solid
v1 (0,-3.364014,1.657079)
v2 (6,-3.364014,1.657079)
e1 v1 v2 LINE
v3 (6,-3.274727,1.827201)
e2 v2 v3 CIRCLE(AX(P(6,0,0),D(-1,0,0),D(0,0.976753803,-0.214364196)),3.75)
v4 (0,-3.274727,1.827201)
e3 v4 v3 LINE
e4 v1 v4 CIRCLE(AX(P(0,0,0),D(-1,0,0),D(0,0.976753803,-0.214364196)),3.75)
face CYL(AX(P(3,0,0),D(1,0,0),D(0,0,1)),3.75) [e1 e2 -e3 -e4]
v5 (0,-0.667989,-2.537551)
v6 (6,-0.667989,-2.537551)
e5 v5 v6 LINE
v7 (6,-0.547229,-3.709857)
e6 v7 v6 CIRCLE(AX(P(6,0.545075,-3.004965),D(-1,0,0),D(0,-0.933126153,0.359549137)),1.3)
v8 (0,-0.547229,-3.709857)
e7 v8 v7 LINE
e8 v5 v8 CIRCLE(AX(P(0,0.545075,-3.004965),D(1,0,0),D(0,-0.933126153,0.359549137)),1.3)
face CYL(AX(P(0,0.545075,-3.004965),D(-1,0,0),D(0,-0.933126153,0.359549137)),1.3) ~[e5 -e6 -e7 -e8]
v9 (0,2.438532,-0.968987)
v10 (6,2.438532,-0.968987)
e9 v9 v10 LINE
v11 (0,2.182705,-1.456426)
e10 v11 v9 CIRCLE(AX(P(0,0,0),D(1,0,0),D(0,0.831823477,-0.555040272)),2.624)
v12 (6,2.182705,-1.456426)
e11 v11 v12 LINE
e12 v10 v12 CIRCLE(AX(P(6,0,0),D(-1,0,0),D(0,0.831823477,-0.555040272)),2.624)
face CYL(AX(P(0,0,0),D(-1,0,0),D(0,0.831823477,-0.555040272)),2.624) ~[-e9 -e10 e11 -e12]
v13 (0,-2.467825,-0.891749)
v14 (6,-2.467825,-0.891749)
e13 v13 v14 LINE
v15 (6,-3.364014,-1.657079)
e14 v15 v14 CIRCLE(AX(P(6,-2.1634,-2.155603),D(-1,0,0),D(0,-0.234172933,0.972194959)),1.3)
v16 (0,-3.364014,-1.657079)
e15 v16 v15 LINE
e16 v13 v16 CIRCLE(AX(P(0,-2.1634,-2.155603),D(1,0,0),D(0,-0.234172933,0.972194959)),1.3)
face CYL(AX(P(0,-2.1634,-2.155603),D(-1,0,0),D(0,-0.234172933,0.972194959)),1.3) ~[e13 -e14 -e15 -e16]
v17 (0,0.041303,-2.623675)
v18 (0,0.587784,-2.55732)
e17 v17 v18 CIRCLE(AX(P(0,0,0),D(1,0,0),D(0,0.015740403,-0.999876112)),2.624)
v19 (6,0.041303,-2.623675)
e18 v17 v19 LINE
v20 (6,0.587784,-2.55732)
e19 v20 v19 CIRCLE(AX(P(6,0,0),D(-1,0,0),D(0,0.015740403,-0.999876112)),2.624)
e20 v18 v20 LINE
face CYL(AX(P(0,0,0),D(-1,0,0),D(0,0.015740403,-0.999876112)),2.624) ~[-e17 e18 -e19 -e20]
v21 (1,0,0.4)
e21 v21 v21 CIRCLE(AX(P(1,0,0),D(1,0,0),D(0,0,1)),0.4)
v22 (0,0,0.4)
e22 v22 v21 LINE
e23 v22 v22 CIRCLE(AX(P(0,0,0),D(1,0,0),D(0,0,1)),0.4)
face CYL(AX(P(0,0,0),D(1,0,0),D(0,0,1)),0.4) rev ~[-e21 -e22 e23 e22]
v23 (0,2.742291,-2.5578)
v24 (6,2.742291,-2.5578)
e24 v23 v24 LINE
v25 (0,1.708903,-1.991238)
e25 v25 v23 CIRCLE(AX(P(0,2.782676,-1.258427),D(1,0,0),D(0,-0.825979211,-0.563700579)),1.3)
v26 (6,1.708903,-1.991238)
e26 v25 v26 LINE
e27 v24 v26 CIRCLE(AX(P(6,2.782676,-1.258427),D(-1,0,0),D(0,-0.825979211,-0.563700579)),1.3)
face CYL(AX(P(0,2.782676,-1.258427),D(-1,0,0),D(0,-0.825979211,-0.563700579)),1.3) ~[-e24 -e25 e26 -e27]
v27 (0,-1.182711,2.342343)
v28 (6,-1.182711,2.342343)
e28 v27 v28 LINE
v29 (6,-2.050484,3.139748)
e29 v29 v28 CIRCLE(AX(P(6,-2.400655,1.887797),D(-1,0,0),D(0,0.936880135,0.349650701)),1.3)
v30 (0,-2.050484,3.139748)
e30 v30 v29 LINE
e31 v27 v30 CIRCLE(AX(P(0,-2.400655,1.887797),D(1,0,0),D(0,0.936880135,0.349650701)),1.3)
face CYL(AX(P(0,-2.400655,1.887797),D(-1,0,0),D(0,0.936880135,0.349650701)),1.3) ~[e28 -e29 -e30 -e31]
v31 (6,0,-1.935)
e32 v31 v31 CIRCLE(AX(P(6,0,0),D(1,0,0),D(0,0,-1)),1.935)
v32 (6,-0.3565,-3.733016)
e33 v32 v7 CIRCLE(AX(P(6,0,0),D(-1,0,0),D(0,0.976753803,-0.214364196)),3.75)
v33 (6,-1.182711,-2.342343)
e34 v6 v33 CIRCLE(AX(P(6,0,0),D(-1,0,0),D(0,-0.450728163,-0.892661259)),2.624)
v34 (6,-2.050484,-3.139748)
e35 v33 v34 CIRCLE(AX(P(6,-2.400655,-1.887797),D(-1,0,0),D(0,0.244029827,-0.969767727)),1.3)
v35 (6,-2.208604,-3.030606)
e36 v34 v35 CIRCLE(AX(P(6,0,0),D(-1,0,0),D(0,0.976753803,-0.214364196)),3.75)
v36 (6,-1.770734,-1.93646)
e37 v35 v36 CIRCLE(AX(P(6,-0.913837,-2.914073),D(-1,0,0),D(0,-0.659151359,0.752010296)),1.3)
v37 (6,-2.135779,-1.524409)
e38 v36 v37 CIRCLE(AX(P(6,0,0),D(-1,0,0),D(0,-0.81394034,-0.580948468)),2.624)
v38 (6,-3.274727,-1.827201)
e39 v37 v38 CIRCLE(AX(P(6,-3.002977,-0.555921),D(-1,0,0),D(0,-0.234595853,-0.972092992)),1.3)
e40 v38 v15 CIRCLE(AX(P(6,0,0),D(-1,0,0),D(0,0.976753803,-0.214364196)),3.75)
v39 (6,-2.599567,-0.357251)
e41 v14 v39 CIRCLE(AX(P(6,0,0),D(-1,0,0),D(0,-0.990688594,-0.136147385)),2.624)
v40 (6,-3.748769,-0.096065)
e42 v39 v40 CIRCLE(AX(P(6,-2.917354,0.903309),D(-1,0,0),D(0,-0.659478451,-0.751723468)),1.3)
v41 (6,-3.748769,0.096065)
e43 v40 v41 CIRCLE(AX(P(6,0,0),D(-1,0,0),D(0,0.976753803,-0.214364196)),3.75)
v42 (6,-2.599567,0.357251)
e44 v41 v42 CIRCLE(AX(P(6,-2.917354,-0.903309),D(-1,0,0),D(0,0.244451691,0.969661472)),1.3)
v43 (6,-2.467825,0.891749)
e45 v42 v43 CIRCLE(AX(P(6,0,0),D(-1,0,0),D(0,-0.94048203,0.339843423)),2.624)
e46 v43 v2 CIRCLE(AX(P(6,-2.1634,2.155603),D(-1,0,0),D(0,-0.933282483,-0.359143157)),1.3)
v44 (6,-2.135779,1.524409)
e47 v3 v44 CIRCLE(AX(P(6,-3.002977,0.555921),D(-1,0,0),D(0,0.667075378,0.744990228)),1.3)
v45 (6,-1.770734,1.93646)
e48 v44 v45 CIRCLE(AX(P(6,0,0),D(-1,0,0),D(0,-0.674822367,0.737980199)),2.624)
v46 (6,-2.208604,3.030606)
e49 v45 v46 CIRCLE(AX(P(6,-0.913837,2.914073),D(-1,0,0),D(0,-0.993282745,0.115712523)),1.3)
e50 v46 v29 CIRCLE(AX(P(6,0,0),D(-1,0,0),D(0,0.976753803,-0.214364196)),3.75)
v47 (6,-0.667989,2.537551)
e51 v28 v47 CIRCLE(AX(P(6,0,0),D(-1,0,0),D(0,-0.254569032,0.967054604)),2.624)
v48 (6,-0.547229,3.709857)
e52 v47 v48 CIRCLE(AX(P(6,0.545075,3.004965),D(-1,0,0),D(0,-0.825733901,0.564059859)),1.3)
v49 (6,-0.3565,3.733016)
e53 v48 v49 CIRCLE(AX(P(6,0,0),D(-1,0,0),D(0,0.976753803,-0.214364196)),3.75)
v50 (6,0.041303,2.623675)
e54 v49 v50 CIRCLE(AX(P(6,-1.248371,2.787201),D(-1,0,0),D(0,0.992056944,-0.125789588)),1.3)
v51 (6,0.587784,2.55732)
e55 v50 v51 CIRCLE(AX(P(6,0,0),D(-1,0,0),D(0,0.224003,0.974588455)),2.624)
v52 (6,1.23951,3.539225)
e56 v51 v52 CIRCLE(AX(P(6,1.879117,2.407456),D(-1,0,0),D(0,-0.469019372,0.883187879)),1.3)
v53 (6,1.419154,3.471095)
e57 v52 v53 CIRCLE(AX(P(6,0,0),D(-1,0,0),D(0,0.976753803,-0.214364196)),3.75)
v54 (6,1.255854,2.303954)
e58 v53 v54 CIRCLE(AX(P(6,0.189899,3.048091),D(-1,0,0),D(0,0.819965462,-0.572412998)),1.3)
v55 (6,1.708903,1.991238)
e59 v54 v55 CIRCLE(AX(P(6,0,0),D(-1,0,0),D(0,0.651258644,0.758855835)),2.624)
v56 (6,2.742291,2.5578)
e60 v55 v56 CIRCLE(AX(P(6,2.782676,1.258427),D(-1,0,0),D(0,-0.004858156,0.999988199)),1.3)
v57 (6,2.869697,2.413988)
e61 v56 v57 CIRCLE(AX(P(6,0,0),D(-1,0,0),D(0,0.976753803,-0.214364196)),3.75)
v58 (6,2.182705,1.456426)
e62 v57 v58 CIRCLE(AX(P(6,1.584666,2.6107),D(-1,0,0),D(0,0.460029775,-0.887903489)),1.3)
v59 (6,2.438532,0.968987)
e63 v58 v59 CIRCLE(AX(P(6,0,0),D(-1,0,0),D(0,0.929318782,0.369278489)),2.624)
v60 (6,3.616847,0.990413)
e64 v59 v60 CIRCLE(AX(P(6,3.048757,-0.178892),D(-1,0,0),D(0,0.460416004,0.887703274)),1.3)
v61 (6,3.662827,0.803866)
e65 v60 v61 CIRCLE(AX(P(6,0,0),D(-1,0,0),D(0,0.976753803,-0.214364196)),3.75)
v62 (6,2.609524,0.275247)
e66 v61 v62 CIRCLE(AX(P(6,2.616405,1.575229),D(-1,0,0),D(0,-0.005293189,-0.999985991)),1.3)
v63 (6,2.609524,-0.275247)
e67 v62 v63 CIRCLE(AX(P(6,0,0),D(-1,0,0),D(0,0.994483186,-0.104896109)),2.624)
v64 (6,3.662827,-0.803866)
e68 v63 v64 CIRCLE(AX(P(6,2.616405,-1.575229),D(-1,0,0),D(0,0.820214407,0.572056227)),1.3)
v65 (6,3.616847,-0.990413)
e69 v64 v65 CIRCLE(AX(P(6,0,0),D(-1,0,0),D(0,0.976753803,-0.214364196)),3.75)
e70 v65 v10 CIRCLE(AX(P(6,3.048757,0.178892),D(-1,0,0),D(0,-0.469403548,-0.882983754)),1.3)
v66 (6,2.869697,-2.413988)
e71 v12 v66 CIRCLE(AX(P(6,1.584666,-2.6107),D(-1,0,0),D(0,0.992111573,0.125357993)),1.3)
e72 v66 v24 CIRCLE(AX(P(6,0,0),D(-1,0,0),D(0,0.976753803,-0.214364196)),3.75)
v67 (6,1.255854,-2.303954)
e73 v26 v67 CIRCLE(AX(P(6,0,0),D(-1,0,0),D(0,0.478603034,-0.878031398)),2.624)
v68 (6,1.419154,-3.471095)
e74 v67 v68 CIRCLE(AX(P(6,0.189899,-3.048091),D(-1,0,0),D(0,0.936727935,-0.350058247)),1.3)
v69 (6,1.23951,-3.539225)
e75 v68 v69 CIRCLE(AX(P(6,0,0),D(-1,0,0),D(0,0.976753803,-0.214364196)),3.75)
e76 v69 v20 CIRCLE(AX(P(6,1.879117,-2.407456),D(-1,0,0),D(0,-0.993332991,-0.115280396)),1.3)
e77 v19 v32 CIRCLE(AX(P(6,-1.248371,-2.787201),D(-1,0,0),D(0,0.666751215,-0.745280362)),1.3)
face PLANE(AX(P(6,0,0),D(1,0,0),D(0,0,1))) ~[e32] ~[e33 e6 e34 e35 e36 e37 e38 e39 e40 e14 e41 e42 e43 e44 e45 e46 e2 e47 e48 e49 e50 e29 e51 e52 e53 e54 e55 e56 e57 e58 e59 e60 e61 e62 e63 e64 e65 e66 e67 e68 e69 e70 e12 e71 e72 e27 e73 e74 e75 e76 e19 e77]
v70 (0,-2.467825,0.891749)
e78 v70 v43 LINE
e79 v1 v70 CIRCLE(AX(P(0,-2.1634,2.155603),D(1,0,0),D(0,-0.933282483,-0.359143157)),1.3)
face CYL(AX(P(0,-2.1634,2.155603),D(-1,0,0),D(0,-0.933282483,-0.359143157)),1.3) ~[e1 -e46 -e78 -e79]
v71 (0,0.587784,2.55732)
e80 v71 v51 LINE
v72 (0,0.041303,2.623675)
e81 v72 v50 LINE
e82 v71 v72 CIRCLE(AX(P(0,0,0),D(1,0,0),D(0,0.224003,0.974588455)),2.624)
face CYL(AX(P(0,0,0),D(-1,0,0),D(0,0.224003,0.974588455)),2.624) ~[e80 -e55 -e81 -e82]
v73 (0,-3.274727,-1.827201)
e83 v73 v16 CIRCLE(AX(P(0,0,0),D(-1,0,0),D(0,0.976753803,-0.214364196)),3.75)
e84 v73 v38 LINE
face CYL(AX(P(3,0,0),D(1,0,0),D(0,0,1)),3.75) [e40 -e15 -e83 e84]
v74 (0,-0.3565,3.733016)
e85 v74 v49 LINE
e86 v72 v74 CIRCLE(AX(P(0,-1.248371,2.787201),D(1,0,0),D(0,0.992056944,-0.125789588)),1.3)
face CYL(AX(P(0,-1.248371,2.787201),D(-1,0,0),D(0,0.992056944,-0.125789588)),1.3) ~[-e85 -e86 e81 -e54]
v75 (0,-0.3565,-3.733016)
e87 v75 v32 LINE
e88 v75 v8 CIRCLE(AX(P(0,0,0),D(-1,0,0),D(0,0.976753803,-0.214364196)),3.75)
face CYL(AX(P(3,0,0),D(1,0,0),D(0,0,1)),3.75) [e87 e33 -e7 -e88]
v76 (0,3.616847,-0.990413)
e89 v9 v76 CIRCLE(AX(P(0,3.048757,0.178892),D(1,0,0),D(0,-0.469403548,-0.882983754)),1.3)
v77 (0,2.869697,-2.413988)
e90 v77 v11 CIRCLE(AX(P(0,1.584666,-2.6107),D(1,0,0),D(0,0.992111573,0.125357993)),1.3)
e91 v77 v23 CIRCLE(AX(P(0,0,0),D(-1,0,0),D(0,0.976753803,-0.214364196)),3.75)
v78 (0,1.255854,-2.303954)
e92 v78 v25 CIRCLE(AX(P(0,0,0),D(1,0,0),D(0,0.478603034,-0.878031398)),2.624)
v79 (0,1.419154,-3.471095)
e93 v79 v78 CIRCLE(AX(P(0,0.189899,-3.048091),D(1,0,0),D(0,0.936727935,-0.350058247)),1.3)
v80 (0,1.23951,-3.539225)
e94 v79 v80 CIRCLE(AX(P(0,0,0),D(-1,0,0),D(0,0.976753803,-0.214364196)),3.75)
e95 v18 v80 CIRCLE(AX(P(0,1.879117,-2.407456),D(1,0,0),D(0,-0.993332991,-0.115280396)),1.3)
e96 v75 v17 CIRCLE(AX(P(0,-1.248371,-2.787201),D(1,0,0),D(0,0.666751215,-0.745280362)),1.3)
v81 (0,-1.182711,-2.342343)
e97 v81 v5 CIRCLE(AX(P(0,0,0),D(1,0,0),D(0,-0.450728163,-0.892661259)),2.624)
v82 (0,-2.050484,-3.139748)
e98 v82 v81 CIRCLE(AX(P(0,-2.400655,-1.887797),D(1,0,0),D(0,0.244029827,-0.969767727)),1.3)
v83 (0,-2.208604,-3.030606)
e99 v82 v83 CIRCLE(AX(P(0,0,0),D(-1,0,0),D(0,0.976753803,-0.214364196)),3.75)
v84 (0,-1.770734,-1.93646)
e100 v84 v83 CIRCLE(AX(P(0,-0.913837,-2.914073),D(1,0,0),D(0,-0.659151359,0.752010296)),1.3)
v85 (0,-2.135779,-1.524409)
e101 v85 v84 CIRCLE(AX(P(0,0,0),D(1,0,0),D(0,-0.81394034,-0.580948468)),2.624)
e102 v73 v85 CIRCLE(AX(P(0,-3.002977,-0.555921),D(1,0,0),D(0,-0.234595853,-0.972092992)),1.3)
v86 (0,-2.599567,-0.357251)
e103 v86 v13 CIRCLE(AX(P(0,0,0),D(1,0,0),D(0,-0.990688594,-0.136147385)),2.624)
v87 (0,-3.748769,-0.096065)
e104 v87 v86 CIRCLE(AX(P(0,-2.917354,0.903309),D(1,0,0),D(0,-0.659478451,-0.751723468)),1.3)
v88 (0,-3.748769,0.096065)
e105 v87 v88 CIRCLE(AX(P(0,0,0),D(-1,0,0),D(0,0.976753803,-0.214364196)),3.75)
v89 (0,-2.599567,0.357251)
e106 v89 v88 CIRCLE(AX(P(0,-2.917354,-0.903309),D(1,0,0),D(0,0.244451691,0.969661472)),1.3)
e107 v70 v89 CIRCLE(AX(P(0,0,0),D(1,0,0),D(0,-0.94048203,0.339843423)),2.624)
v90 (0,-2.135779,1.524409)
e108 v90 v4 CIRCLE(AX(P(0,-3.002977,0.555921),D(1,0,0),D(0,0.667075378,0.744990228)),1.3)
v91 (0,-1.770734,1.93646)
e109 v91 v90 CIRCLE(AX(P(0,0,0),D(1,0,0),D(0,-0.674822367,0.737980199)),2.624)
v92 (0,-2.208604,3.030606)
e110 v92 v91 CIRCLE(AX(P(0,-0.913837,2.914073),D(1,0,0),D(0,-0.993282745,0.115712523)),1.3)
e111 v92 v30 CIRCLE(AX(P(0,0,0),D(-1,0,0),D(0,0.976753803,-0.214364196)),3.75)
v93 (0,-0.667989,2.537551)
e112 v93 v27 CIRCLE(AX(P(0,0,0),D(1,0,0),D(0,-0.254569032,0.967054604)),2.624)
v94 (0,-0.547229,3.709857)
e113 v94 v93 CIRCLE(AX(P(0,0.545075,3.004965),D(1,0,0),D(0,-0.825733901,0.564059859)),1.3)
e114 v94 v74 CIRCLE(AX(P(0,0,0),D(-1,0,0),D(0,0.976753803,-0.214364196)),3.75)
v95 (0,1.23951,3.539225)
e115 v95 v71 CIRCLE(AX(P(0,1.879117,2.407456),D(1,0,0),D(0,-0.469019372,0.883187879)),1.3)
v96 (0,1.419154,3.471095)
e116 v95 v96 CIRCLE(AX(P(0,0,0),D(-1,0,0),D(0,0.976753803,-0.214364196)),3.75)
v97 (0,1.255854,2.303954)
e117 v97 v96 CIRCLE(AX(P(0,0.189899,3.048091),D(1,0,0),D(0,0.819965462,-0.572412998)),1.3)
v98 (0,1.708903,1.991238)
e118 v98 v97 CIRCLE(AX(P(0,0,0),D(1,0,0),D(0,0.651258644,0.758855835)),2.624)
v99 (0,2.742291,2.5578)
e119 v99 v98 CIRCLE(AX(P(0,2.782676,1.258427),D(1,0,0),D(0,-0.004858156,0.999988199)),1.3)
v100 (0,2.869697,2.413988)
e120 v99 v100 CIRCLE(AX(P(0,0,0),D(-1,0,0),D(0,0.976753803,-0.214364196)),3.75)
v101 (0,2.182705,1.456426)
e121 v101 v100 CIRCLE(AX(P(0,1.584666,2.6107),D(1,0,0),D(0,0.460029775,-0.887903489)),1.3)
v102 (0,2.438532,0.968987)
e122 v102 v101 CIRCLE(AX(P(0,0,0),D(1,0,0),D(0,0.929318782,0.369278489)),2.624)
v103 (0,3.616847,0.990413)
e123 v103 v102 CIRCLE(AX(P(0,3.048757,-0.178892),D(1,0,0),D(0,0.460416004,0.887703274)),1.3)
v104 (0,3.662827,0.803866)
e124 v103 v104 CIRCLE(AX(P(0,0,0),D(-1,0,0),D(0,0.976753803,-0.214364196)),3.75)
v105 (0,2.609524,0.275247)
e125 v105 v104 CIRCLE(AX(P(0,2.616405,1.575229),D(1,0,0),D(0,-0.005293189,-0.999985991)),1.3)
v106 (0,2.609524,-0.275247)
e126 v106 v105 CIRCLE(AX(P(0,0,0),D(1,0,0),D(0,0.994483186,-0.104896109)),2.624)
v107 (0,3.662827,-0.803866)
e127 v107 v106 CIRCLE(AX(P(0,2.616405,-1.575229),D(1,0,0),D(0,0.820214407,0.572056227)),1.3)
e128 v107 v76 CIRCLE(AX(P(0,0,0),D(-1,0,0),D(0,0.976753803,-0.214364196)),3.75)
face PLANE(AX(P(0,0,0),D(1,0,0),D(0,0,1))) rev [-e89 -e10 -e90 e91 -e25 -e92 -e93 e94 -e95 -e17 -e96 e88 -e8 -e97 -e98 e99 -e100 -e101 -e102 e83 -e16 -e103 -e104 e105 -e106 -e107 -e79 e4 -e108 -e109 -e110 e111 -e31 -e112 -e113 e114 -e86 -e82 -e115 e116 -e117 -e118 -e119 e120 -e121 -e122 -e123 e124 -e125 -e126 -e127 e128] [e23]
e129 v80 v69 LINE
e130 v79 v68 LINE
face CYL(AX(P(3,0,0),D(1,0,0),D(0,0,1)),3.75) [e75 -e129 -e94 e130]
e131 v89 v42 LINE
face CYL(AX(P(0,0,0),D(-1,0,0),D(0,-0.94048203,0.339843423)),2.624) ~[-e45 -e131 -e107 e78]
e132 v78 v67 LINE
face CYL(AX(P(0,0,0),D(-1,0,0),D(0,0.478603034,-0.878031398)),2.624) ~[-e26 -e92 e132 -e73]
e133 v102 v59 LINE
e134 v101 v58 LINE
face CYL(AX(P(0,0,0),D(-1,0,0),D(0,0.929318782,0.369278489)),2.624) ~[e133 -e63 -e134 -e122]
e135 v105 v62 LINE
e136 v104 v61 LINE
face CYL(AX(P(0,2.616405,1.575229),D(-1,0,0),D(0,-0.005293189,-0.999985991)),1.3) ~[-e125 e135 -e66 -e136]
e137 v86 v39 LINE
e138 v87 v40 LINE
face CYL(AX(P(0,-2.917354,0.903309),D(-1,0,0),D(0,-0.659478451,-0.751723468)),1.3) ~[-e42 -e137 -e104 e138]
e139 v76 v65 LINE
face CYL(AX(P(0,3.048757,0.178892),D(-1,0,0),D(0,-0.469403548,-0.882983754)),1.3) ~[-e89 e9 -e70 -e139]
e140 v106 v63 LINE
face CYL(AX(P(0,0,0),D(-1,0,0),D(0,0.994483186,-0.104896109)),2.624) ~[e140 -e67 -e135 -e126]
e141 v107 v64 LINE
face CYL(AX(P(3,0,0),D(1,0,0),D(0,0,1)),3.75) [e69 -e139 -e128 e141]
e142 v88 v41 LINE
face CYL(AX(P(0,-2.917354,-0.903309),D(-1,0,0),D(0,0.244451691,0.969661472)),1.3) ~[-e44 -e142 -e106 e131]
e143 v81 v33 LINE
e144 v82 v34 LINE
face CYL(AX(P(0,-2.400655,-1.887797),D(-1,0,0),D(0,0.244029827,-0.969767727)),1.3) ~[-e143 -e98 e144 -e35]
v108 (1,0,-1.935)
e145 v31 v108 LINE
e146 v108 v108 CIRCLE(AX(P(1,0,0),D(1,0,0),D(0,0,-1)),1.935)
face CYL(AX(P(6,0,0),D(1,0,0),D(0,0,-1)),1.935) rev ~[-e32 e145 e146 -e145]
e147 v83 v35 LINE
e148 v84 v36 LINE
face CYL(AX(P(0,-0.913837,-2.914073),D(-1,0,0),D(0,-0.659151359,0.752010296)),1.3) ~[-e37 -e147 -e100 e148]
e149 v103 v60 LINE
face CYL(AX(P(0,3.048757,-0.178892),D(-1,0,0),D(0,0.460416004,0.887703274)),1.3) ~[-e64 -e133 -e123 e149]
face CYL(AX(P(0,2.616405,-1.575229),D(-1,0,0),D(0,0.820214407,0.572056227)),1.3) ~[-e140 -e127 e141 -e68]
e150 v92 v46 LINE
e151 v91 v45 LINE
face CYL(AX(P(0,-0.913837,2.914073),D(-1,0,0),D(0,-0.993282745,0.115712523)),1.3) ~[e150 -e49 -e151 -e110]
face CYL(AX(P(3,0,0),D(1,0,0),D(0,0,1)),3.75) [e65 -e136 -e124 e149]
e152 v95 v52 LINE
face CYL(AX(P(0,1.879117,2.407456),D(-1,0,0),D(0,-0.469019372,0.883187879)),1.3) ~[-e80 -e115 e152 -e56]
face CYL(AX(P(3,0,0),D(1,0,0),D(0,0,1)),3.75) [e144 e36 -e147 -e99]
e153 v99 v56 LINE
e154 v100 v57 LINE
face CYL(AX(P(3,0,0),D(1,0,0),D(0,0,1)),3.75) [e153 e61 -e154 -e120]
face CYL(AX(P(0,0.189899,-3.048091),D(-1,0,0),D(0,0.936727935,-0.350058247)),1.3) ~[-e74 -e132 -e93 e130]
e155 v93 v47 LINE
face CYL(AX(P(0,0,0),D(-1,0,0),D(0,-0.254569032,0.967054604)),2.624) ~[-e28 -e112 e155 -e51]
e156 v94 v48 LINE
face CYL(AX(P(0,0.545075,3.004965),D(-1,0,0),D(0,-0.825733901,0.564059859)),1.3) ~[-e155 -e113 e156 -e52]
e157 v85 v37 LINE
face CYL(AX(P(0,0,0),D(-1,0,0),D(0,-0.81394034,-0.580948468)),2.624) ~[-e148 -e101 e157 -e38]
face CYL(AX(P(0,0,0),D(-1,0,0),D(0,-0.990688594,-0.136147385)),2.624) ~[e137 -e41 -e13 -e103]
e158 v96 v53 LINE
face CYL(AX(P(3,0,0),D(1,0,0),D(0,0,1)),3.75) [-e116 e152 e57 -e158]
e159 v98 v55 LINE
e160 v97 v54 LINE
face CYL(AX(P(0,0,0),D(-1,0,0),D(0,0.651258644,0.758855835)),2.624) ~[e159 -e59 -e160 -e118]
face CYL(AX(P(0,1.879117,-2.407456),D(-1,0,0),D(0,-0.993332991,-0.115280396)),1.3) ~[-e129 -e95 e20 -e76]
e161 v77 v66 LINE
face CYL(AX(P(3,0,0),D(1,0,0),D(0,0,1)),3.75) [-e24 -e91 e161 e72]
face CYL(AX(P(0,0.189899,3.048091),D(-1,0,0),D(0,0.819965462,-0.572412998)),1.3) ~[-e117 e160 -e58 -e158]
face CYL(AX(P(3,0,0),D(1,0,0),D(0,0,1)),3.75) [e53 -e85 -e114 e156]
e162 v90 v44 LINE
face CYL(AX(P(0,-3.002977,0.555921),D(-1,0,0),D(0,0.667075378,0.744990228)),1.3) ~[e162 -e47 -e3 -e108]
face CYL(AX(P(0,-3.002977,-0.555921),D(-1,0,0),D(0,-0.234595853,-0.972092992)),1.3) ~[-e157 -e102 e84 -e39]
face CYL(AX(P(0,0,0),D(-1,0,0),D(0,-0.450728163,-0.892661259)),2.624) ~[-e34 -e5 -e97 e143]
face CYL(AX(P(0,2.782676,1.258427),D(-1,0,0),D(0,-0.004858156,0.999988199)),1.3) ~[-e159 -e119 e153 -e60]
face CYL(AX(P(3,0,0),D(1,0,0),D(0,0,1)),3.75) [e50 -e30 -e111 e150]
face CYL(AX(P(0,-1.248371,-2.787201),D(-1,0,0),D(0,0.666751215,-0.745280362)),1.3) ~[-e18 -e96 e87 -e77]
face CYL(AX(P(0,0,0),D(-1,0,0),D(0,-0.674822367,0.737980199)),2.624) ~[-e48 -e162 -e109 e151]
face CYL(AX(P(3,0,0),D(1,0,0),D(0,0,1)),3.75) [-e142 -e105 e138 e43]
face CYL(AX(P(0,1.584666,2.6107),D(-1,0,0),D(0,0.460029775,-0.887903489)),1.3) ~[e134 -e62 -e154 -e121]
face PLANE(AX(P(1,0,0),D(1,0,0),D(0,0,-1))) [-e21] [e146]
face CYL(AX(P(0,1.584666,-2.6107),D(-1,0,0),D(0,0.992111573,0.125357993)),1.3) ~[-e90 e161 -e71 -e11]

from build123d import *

# Parameters (mm, degrees)
BASPROSKE_W        = 6
BASPROSKE_H        = 3.75
TOOTHCUT_DEPTH     = 9.007808689
TEETHCUTS_COUNT    = 13
TEETHCUTS_ANGLE    = 332.307692308
BORSKE_R           = 0.4
BORE_DEPTH         = 50.0000508
SKETCH6_R          = 1.935
CUT_EXTRUDE1_DEPTH = 5


with BuildPart() as part:
    # BasProSke → Base-Revolve (revolve)
    with BuildSketch(Plane(origin=(0, 0, 0), x_dir=(1, 0, 0), z_dir=(0, 1, 0)), mode=Mode.PRIVATE) as base_revolve_sk:
        with Locations((3, 1.875)):
            Rectangle(BASPROSKE_W, BASPROSKE_H)
    revolve(base_revolve_sk.sketch.rotate(Axis((-10, 0, 0), (1, 0, 0)), 180), axis=Axis((-10, 0, 0), (1, 0, 0)))

    # TooCutSke → ToothCut (cut, through all)
    with BuildSketch(Plane(origin=(0, 0, 0), x_dir=(0, 0, -1), z_dir=(1, 0, 0))):
        with BuildLine():
            ThreePointArc((0.275247387, 2.609523879), (0, 2.624), (-0.275247387, 2.609523879))
            ThreePointArc((-0.275247387, 2.609523879), (-0.421084752, 3.214694797), (-0.831556081, 3.682683756))
            ThreePointArc((-0.831556081, 3.682683756), (0, 3.7754), (0.831556081, 3.682683756))
            ThreePointArc((0.831556081, 3.682683756), (0.421084752, 3.214694797), (0.275247387, 2.609523879))
        make_face()
    toothcut = extrude(amount=TOOTHCUT_DEPTH, mode=Mode.SUBTRACT)

    # TeethCuts: ToothCut ×13 about axis
    teethcuts_axis = Axis((-10, 0, 0), (1, 0, 0))
    for i in range(1, TEETHCUTS_COUNT):
        add(toothcut.rotate(teethcuts_axis, i * TEETHCUTS_ANGLE / (TEETHCUTS_COUNT - 1)), mode=Mode.SUBTRACT)

    # BorSke → Bore (cut, symmetric)
    with BuildSketch(Plane(origin=(0, 0, 0), x_dir=(0, 0, -1), z_dir=(1, 0, 0))):
        with Locations(Location((0, 0, 0), (0, 0, 180))):
            Circle(BORSKE_R)
    extrude(amount=BORE_DEPTH, both=True, mode=Mode.SUBTRACT)

    # Sketch6 → Cut-Extrude1 (cut)
    with BuildSketch(Plane(origin=(6, 0, 0), x_dir=(0, 0, -1), z_dir=(1, 0, 0))):
        Circle(SKETCH6_R)
    extrude(amount=-CUT_EXTRUDE1_DEPTH, mode=Mode.SUBTRACT)


solid = part.part
